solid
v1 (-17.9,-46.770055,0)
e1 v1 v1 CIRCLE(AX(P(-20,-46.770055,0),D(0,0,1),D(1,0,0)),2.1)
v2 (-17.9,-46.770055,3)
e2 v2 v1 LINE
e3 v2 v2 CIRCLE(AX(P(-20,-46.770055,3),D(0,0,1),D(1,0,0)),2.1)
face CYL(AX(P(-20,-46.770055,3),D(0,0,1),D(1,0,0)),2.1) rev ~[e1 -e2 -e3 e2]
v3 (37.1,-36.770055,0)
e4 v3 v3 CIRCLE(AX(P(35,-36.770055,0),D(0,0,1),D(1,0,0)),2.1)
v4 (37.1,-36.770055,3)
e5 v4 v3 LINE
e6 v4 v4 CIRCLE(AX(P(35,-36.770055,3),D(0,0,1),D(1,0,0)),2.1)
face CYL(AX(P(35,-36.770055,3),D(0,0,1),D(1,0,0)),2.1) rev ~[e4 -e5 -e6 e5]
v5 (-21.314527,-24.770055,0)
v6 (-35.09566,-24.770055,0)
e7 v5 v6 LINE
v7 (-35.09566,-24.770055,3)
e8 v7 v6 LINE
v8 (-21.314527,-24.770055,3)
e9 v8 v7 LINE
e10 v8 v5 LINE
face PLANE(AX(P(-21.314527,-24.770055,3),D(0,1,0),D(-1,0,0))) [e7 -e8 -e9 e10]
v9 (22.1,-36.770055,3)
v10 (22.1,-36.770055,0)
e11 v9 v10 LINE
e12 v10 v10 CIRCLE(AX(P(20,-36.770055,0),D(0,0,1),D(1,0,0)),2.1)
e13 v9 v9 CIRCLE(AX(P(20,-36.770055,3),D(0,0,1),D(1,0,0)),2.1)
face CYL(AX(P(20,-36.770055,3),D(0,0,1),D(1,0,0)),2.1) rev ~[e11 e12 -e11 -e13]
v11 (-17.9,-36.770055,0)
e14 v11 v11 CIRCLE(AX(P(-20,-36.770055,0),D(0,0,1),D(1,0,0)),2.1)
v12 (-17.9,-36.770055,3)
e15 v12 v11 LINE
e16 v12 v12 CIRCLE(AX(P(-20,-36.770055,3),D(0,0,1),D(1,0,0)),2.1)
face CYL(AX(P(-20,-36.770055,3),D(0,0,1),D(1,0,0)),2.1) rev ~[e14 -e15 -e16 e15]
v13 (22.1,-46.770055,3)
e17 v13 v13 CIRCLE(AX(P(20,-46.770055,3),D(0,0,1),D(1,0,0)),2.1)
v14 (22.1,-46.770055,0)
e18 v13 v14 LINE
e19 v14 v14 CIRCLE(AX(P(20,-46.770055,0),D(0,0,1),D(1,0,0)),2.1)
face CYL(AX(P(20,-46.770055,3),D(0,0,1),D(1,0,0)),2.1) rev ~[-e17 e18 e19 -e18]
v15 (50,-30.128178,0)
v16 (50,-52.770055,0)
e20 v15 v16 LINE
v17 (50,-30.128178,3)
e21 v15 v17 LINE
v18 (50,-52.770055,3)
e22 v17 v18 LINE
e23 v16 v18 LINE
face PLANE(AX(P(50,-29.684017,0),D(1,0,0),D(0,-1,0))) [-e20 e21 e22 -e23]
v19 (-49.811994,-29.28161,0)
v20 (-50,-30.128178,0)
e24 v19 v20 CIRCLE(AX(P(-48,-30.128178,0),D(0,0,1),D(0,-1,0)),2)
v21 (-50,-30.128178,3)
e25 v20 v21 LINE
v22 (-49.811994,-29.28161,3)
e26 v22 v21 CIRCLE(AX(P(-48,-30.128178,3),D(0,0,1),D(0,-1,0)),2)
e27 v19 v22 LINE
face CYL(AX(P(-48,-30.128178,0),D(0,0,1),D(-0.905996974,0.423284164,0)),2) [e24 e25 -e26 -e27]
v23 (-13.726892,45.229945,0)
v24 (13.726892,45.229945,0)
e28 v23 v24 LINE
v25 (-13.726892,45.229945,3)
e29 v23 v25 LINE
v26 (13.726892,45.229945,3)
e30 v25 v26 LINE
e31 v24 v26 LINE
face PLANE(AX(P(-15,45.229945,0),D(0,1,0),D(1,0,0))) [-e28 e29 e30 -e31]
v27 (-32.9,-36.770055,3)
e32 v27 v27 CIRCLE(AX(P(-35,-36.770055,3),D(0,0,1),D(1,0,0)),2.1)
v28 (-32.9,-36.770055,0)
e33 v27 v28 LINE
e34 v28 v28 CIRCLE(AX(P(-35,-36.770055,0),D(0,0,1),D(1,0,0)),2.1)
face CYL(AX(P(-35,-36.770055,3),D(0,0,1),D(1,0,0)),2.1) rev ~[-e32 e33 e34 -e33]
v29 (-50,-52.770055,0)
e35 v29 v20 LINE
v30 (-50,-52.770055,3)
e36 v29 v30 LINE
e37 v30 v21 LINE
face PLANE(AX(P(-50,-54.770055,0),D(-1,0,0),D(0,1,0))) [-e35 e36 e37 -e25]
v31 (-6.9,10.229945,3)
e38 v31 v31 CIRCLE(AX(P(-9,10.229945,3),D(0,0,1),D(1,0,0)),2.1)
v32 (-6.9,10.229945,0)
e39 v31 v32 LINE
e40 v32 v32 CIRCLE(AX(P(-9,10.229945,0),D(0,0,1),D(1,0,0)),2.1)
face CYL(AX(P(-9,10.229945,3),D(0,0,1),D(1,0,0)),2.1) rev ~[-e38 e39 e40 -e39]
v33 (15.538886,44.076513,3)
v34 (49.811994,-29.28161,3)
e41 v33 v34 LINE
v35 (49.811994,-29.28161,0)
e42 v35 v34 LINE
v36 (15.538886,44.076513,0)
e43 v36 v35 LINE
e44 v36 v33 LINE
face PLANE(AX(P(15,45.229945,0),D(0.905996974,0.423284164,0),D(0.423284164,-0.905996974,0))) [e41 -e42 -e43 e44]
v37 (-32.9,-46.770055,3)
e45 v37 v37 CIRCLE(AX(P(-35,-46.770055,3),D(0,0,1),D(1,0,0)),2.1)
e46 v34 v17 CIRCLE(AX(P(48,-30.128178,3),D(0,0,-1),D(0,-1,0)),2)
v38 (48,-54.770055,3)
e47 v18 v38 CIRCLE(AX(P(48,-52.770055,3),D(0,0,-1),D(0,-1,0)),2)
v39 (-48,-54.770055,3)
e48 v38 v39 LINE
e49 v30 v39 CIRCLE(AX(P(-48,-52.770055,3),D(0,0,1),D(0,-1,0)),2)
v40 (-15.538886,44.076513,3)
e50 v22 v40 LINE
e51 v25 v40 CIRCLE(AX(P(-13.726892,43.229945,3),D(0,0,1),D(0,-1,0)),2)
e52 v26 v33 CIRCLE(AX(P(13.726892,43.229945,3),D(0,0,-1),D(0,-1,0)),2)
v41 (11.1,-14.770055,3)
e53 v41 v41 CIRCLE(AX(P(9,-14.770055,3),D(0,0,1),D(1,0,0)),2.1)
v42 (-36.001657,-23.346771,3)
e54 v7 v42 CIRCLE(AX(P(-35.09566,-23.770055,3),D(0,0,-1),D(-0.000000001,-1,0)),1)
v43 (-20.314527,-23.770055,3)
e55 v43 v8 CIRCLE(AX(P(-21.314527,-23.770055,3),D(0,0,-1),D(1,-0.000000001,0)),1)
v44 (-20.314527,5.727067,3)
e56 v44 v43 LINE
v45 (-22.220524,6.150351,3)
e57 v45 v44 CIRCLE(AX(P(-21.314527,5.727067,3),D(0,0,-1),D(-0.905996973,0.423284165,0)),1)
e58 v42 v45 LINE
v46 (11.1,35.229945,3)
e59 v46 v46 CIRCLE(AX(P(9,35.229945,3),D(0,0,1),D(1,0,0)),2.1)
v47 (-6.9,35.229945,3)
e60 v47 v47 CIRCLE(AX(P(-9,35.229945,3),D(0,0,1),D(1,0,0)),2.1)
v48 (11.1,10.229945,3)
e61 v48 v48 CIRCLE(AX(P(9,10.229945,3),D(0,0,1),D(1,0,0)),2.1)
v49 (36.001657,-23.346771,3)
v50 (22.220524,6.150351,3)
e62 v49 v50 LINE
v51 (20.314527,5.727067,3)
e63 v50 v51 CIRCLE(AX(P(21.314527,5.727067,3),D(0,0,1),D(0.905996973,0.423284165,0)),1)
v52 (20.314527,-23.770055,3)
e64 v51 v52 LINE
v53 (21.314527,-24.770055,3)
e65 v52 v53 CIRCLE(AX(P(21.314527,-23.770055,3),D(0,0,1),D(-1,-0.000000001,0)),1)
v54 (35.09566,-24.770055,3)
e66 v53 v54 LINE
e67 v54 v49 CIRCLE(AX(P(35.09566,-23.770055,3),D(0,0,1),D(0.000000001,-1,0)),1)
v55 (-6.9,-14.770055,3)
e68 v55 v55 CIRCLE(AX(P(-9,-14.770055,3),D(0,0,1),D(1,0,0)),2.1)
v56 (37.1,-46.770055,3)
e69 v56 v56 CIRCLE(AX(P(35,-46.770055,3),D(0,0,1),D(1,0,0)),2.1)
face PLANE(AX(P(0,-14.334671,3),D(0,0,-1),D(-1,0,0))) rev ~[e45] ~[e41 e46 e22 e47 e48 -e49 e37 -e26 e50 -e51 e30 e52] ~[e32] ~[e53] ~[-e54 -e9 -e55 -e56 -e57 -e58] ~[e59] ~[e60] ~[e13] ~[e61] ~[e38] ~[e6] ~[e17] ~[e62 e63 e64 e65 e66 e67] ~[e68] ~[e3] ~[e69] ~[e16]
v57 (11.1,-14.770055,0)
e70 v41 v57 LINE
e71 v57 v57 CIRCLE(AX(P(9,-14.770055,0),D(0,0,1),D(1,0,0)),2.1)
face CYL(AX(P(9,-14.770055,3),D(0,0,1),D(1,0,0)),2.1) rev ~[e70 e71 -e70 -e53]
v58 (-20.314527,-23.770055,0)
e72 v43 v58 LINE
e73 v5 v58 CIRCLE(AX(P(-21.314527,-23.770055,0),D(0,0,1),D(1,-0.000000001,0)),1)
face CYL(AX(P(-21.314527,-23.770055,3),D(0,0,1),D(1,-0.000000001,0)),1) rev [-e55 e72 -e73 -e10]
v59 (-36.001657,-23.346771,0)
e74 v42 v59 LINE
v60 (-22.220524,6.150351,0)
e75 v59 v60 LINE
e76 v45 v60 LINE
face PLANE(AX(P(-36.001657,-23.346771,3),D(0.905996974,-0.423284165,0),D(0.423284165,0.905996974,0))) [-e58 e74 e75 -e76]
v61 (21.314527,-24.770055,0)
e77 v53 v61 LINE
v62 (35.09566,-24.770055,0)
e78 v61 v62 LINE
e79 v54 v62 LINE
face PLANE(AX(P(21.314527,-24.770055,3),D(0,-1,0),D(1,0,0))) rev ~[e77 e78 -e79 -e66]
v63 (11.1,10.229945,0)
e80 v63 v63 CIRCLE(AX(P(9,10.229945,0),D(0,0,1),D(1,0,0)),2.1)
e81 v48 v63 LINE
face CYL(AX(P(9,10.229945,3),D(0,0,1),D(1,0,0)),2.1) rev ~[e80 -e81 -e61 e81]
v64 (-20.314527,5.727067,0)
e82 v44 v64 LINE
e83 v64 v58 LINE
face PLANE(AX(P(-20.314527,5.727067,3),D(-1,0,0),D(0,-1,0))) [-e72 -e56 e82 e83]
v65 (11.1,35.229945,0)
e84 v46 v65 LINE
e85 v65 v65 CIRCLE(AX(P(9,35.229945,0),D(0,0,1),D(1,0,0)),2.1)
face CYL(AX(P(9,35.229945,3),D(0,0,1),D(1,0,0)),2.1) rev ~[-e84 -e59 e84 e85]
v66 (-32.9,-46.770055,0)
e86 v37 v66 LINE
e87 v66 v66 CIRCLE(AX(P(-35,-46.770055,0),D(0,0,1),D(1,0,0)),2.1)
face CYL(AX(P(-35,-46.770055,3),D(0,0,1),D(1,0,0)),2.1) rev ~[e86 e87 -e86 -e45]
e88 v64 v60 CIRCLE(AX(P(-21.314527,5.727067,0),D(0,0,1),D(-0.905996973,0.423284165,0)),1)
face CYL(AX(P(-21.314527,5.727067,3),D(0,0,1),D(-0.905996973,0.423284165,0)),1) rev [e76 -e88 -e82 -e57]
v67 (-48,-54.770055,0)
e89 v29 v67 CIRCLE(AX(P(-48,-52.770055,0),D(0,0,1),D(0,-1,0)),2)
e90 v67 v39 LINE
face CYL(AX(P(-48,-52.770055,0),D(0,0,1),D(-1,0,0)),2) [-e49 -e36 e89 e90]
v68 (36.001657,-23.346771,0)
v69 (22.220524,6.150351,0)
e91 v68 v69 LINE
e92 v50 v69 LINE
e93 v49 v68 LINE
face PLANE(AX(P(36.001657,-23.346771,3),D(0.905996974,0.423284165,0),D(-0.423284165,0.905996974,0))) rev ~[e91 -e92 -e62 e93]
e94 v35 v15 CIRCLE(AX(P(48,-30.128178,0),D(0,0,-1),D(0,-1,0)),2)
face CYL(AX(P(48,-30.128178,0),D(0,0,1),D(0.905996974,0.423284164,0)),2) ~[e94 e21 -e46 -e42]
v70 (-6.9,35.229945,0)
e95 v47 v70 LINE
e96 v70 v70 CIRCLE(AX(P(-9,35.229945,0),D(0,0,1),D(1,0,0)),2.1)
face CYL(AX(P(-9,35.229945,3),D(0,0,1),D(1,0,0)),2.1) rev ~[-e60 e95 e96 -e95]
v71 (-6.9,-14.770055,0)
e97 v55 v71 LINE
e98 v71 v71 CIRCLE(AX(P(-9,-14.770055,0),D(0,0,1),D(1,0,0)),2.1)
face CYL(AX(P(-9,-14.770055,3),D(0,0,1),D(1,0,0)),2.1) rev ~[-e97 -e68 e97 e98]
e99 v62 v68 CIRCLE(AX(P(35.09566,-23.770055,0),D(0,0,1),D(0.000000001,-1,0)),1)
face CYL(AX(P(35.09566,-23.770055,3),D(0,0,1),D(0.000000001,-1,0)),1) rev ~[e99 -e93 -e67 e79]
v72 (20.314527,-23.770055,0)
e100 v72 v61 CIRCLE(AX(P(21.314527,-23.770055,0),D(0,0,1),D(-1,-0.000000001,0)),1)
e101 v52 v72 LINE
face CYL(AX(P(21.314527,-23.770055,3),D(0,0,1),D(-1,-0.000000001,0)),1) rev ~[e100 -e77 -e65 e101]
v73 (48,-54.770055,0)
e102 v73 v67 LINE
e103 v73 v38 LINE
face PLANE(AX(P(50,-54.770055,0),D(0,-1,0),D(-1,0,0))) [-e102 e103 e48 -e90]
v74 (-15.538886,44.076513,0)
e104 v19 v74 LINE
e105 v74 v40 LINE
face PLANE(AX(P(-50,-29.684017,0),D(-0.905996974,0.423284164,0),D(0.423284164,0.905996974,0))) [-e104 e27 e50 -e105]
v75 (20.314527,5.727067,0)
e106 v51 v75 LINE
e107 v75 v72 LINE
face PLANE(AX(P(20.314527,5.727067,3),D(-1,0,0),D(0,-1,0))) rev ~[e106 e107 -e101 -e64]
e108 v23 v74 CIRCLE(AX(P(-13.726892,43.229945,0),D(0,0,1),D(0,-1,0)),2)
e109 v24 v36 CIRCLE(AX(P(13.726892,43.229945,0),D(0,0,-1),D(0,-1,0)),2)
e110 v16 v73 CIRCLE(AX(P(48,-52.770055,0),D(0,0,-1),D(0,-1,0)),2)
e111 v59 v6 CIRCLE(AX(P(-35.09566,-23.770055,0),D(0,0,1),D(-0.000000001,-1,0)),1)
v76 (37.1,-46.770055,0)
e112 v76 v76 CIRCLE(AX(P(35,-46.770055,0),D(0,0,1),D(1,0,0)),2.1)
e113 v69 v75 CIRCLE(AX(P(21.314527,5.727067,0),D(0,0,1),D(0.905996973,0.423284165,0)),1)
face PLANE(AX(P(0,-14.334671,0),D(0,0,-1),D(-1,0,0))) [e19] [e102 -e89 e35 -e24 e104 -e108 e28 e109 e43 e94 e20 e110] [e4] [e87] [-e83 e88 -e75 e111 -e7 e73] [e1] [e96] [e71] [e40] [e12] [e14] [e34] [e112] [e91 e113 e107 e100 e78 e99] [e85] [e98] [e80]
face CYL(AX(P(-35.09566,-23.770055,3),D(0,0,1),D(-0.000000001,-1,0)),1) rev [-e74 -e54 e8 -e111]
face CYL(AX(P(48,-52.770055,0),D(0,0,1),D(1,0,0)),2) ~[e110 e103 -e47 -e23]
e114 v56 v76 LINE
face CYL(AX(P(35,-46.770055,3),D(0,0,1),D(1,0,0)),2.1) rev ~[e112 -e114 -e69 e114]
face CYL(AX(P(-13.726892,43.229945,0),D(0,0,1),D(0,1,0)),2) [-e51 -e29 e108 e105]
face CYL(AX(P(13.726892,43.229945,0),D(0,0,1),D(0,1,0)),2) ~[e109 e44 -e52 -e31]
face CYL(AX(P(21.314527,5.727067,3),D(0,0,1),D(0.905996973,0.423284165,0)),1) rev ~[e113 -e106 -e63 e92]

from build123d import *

# Parameters (mm, degrees)
EXTRUDE_1_DEPTH     = 3
CUT_EXTRUDE_2_REACH = 76.221
SKETCH_2_R          = 2.1
FILLET_1_R          = 2


with BuildPart() as part:
    # 草图1 → 凸台-拉伸1 (new body)
    with BuildSketch(Plane.XY):
        Polygon((-15, 45.229945154), (15, 45.229945154), (50, -29.684017461), (50, -54.770054846), (-50, -54.770054846), (-50, -29.684017461), align=None)
    extrude(amount=EXTRUDE_1_DEPTH)

    # 草图2 → 切除-拉伸2 (cut, up to next)
    with BuildSketch(Plane.XY.offset(3), mode=Mode.PRIVATE) as cut_extrude_2_sk1:
        with Locations((-9, 35.229945154)):
            Circle(SKETCH_2_R)
    cut_extrude_2_tool1 = extrude(cut_extrude_2_sk1.sketch, amount=-CUT_EXTRUDE_2_REACH, mode=Mode.PRIVATE) & part.part
    # 草图2 → 切除-拉伸2 (cut, up to next)
    with BuildSketch(Plane.XY.offset(3), mode=Mode.PRIVATE) as cut_extrude_2_sk2:
        with Locations((9, 35.229945154)):
            Circle(SKETCH_2_R)
    cut_extrude_2_tool2 = extrude(cut_extrude_2_sk2.sketch, amount=-CUT_EXTRUDE_2_REACH, mode=Mode.PRIVATE) & part.part
    # 草图2 → 切除-拉伸2 (cut, up to next)
    with BuildSketch(Plane.XY.offset(3), mode=Mode.PRIVATE) as cut_extrude_2_sk3:
        with Locations((9, 10.229945154)):
            Circle(SKETCH_2_R)
    cut_extrude_2_tool3 = extrude(cut_extrude_2_sk3.sketch, amount=-CUT_EXTRUDE_2_REACH, mode=Mode.PRIVATE) & part.part
    # 草图2 → 切除-拉伸2 (cut, up to next)
    with BuildSketch(Plane.XY.offset(3), mode=Mode.PRIVATE) as cut_extrude_2_sk4:
        with Locations((-9, 10.229945154)):
            Circle(SKETCH_2_R)
    cut_extrude_2_tool4 = extrude(cut_extrude_2_sk4.sketch, amount=-CUT_EXTRUDE_2_REACH, mode=Mode.PRIVATE) & part.part
    # 草图2 → 切除-拉伸2 (cut, up to next)
    with BuildSketch(Plane.XY.offset(3), mode=Mode.PRIVATE) as cut_extrude_2_sk5:
        with Locations((-20, -36.770054846)):
            Circle(SKETCH_2_R)
    cut_extrude_2_tool5 = extrude(cut_extrude_2_sk5.sketch, amount=-CUT_EXTRUDE_2_REACH, mode=Mode.PRIVATE) & part.part
    # 草图2 → 切除-拉伸2 (cut, up to next)
    with BuildSketch(Plane.XY.offset(3), mode=Mode.PRIVATE) as cut_extrude_2_sk6:
        with Locations((-20, -46.770054846)):
            Circle(SKETCH_2_R)
    cut_extrude_2_tool6 = extrude(cut_extrude_2_sk6.sketch, amount=-CUT_EXTRUDE_2_REACH, mode=Mode.PRIVATE) & part.part
    # 草图2 → 切除-拉伸2 (cut, up to next)
    with BuildSketch(Plane.XY.offset(3), mode=Mode.PRIVATE) as cut_extrude_2_sk7:
        with Locations((20, -46.770054846)):
            Circle(SKETCH_2_R)
    cut_extrude_2_tool7 = extrude(cut_extrude_2_sk7.sketch, amount=-CUT_EXTRUDE_2_REACH, mode=Mode.PRIVATE) & part.part
    # 草图2 → 切除-拉伸2 (cut, up to next)
    with BuildSketch(Plane.XY.offset(3), mode=Mode.PRIVATE) as cut_extrude_2_sk8:
        with Locations((20, -36.770054846)):
            Circle(SKETCH_2_R)
    cut_extrude_2_tool8 = extrude(cut_extrude_2_sk8.sketch, amount=-CUT_EXTRUDE_2_REACH, mode=Mode.PRIVATE) & part.part
    # 草图2 → 切除-拉伸2 (cut, up to next)
    with BuildSketch(Plane.XY.offset(3), mode=Mode.PRIVATE) as cut_extrude_2_sk9:
        with Locations((-9, -14.770054846)):
            Circle(SKETCH_2_R)
    cut_extrude_2_tool9 = extrude(cut_extrude_2_sk9.sketch, amount=-CUT_EXTRUDE_2_REACH, mode=Mode.PRIVATE) & part.part
    # 草图2 → 切除-拉伸2 (cut, up to next)
    with BuildSketch(Plane.XY.offset(3), mode=Mode.PRIVATE) as cut_extrude_2_sk10:
        with Locations((9, -14.770054846)):
            Circle(SKETCH_2_R)
    cut_extrude_2_tool10 = extrude(cut_extrude_2_sk10.sketch, amount=-CUT_EXTRUDE_2_REACH, mode=Mode.PRIVATE) & part.part
    # 草图2 → 切除-拉伸2 (cut, up to next)
    with BuildSketch(Plane.XY.offset(3), mode=Mode.PRIVATE) as cut_extrude_2_sk11:
        with Locations((-35, -36.770054846)):
            Circle(SKETCH_2_R)
    cut_extrude_2_tool11 = extrude(cut_extrude_2_sk11.sketch, amount=-CUT_EXTRUDE_2_REACH, mode=Mode.PRIVATE) & part.part
    # 草图2 → 切除-拉伸2 (cut, up to next)
    with BuildSketch(Plane.XY.offset(3), mode=Mode.PRIVATE) as cut_extrude_2_sk12:
        with Locations((-35, -46.770054846)):
            Circle(SKETCH_2_R)
    cut_extrude_2_tool12 = extrude(cut_extrude_2_sk12.sketch, amount=-CUT_EXTRUDE_2_REACH, mode=Mode.PRIVATE) & part.part
    # 草图2 → 切除-拉伸2 (cut, up to next)
    with BuildSketch(Plane.XY.offset(3), mode=Mode.PRIVATE) as cut_extrude_2_sk13:
        with Locations((35, -36.770054846)):
            Circle(SKETCH_2_R)
    cut_extrude_2_tool13 = extrude(cut_extrude_2_sk13.sketch, amount=-CUT_EXTRUDE_2_REACH, mode=Mode.PRIVATE) & part.part
    # 草图2 → 切除-拉伸2 (cut, up to next)
    with BuildSketch(Plane.XY.offset(3), mode=Mode.PRIVATE) as cut_extrude_2_sk14:
        with Locations((35, -46.770054846)):
            Circle(SKETCH_2_R)
    cut_extrude_2_tool14 = extrude(cut_extrude_2_sk14.sketch, amount=-CUT_EXTRUDE_2_REACH, mode=Mode.PRIVATE) & part.part
    # 草图2 → 切除-拉伸2 (cut, up to next)
    with BuildSketch(Plane.XY.offset(3), mode=Mode.PRIVATE) as cut_extrude_2_sk15:
        with BuildLine():
            Line((-20.314527419, 5.727067103), (-20.314527419, -23.770054846))
            ThreePointArc((-20.314527419, -23.770054846), (-20.607420638, -24.477161627), (-21.314527419, -24.770054846))
            Line((-21.314527419, -24.770054846), (-35.09566023, -24.770054846))
            ThreePointArc((-35.09566023, -24.770054846), (-35.939249041, -24.307044527), (-36.001657204, -23.346770682))
            Line((-36.001657204, -23.346770682), (-22.220524392, 6.150351268))
            ThreePointArc((-22.220524392, 6.150351268), (-21.097729095, 6.703283517), (-20.314527419, 5.727067103))
        make_face()
    cut_extrude_2_tool15 = extrude(cut_extrude_2_sk15.sketch, amount=-CUT_EXTRUDE_2_REACH, mode=Mode.PRIVATE) & part.part
    # 草图2 → 切除-拉伸2 (cut, up to next)
    with BuildSketch(Plane.XY.offset(3), mode=Mode.PRIVATE) as cut_extrude_2_sk16:
        with BuildLine():
            Line((36.001657204, -23.346770682), (22.220524392, 6.150351268))
            ThreePointArc((22.220524392, 6.150351268), (21.097729095, 6.703283517), (20.314527419, 5.727067103))
            Line((20.314527419, 5.727067103), (20.314527419, -23.770054846))
            ThreePointArc((20.314527419, -23.770054846), (20.607420638, -24.477161627), (21.314527419, -24.770054846))
            Line((21.314527419, -24.770054846), (35.09566023, -24.770054846))
            ThreePointArc((35.09566023, -24.770054846), (35.939249041, -24.307044527), (36.001657204, -23.346770682))
        make_face()
    cut_extrude_2_tool16 = extrude(cut_extrude_2_sk16.sketch, amount=-CUT_EXTRUDE_2_REACH, mode=Mode.PRIVATE) & part.part
    add(cut_extrude_2_tool1.solids().sort_by_distance((-9, 35.229945, 3))[0], mode=Mode.SUBTRACT)
    add(cut_extrude_2_tool2.solids().sort_by_distance((9, 35.229945, 3))[0], mode=Mode.SUBTRACT)
    add(cut_extrude_2_tool3.solids().sort_by_distance((9, 10.229945, 3))[0], mode=Mode.SUBTRACT)
    add(cut_extrude_2_tool4.solids().sort_by_distance((-9, 10.229945, 3))[0], mode=Mode.SUBTRACT)
    add(cut_extrude_2_tool5.solids().sort_by_distance((-20, -36.770055, 3))[0], mode=Mode.SUBTRACT)
    add(cut_extrude_2_tool6.solids().sort_by_distance((-20, -46.770055, 3))[0], mode=Mode.SUBTRACT)
    add(cut_extrude_2_tool7.solids().sort_by_distance((20, -46.770055, 3))[0], mode=Mode.SUBTRACT)
    add(cut_extrude_2_tool8.solids().sort_by_distance((20, -36.770055, 3))[0], mode=Mode.SUBTRACT)
    add(cut_extrude_2_tool9.solids().sort_by_distance((-9, -14.770055, 3))[0], mode=Mode.SUBTRACT)
    add(cut_extrude_2_tool10.solids().sort_by_distance((9, -14.770055, 3))[0], mode=Mode.SUBTRACT)
    add(cut_extrude_2_tool11.solids().sort_by_distance((-35, -36.770055, 3))[0], mode=Mode.SUBTRACT)
    add(cut_extrude_2_tool12.solids().sort_by_distance((-35, -46.770055, 3))[0], mode=Mode.SUBTRACT)
    add(cut_extrude_2_tool13.solids().sort_by_distance((35, -36.770055, 3))[0], mode=Mode.SUBTRACT)
    add(cut_extrude_2_tool14.solids().sort_by_distance((35, -46.770055, 3))[0], mode=Mode.SUBTRACT)
    add(cut_extrude_2_tool15.solids().sort_by_distance((-25.803132, -13.304968, 3))[0], mode=Mode.SUBTRACT)
    add(cut_extrude_2_tool16.solids().sort_by_distance((25.803132, -13.304968, 3))[0], mode=Mode.SUBTRACT)

    # 圆角1
    fillet_1_edges = [part.edges().sort_by_distance(p)[0] for p in [
        (-15, 45.229945154, 1.5),
        (-50, -29.684017461, 1.5),
        (-50, -54.770054846, 1.5),
        (50, -54.770054846, 1.5),
        (50, -29.684017461, 1.5),
        (15, 45.229945154, 1.5),
    ]]
    fillet(fillet_1_edges, radius=FILLET_1_R)


solid = part.part
